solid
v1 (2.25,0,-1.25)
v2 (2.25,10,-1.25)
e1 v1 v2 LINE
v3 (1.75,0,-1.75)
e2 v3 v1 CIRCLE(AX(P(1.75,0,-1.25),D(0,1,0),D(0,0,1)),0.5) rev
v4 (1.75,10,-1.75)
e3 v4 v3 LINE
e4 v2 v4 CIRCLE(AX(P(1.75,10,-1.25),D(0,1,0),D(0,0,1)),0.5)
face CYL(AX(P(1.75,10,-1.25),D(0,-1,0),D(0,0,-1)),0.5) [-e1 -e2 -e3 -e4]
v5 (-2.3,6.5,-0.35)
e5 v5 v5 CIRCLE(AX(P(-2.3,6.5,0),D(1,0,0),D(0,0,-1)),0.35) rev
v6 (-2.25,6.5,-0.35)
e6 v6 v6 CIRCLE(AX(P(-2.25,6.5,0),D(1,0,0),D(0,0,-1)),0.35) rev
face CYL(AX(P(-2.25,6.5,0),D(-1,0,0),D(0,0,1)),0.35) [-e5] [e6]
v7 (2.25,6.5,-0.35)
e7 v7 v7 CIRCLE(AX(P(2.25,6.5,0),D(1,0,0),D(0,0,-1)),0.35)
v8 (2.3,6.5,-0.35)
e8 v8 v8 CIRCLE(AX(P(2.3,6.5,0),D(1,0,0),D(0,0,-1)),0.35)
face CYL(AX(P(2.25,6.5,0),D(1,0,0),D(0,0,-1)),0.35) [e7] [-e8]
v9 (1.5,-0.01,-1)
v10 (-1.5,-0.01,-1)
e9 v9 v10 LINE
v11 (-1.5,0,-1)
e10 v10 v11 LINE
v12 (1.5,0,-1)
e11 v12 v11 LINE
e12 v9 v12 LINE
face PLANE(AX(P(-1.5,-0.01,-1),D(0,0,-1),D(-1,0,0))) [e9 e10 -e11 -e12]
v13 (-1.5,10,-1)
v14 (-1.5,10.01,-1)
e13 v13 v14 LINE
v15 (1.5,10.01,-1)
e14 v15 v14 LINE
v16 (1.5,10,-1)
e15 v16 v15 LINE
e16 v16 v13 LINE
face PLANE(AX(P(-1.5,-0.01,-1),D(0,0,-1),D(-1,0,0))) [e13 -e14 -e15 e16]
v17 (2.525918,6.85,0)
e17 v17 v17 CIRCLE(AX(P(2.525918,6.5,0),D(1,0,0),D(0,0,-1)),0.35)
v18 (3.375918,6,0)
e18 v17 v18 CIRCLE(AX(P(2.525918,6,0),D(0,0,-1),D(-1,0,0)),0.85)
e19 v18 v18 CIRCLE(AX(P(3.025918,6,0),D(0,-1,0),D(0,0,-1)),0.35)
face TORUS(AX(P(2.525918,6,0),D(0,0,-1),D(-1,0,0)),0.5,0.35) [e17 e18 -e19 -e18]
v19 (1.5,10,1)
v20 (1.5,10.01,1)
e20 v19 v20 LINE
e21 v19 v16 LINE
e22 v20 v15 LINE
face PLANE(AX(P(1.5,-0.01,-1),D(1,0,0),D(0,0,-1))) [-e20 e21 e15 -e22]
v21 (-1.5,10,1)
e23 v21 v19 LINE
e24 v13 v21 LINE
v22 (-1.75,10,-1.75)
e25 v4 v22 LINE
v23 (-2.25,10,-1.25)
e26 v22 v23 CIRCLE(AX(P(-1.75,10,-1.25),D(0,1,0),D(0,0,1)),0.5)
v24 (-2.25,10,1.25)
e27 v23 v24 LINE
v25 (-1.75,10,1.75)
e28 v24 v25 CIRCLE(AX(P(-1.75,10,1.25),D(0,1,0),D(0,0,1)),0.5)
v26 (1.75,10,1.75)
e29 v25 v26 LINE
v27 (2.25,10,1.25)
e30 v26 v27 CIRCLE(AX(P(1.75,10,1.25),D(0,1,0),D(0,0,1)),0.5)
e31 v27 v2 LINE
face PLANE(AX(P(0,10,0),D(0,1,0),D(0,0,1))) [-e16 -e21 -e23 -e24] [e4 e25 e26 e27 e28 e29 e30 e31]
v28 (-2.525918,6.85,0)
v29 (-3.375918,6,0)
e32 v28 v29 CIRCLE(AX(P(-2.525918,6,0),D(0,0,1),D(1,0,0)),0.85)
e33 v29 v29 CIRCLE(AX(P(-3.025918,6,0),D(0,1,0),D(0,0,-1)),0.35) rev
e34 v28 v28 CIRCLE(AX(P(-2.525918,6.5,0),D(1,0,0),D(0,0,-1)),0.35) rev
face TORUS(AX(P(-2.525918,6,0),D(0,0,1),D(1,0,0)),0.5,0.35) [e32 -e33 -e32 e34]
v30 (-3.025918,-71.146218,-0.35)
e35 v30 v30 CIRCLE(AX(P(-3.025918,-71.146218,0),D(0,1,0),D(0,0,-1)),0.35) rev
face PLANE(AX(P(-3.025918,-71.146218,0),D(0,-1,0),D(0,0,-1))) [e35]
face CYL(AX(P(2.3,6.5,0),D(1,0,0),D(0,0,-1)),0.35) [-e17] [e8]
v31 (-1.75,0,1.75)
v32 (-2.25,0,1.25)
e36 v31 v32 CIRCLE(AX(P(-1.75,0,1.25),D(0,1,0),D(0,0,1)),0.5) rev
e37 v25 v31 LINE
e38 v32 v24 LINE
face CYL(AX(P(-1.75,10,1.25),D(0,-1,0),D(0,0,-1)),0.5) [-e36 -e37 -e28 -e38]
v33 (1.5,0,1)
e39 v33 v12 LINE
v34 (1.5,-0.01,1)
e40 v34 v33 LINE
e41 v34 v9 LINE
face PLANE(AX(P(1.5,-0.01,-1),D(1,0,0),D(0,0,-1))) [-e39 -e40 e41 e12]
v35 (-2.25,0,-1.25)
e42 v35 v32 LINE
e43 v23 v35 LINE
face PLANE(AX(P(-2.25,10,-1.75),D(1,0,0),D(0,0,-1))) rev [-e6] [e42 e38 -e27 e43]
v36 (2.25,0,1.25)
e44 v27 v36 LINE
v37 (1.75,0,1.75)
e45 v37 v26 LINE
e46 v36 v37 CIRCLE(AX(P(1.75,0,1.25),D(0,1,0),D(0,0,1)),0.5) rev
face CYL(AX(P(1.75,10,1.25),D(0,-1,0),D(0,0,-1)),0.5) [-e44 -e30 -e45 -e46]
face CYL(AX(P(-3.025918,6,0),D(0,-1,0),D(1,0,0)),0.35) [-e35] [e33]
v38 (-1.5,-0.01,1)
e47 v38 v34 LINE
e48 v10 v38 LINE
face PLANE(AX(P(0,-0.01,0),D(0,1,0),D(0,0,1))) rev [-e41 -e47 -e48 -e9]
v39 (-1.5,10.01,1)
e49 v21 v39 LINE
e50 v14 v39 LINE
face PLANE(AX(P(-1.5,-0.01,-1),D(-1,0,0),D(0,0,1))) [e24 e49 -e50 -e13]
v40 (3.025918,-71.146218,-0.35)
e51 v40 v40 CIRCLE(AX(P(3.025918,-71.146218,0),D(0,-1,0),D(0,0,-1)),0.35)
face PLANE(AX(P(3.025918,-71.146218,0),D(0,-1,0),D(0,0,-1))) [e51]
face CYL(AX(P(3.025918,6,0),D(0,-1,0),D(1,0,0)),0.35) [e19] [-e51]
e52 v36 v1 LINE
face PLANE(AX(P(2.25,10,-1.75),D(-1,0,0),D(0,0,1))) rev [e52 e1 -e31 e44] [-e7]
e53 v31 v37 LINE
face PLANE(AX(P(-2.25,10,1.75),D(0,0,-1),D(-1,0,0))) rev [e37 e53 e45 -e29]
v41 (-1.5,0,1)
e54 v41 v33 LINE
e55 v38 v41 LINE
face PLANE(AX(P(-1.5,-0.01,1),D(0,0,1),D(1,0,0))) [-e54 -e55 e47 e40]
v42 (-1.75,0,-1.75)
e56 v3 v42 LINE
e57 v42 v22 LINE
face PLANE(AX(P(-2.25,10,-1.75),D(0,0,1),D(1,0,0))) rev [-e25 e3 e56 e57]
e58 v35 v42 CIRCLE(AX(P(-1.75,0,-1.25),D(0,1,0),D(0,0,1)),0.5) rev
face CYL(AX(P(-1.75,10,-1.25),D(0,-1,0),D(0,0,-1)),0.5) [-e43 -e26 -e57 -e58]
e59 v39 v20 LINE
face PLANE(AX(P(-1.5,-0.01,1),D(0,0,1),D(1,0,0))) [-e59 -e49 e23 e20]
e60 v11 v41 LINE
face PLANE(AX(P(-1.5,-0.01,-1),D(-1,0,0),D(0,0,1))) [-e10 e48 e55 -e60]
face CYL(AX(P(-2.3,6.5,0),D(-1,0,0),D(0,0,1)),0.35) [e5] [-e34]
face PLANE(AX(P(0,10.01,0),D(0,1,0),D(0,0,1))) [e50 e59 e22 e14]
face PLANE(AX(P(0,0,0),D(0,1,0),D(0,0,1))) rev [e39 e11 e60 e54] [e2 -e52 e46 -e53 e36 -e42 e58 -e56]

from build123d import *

# Parameters (mm, degrees)
SKETCH1_W                = 4.5
SKETCH1_H                = 3.5
BOSS_EXTRUDE1_DEPTH      = 10
SKETCH2_W                = 3
SKETCH2_H                = 2
BOSS_EXTRUDE2_DEPTH      = 10.01
BOSS_EXTRUDE2_DEPTH_BACK = 0.01
FILLET2_R                = 0.5
SKETCH14_R               = 0.35


with BuildPart() as part:
    # Sketch1 → Boss-Extrude1 (new body)
    with BuildSketch(Plane(origin=(0, 0, 0), x_dir=(1, 0, 0), z_dir=(0, 1, 0))):
        Rectangle(SKETCH1_W, SKETCH1_H)
    extrude(amount=BOSS_EXTRUDE1_DEPTH)

    # Sketch2 → Boss-Extrude2 (add, two sides)
    with BuildSketch(Plane(origin=(0, 0, 0), x_dir=(1, 0, 0), z_dir=(0, 1, 0))) as boss_extrude2_sk:
        Rectangle(SKETCH2_W, SKETCH2_H)
    extrude(amount=BOSS_EXTRUDE2_DEPTH)
    extrude(boss_extrude2_sk.sketch, amount=-BOSS_EXTRUDE2_DEPTH_BACK)

    # Fillet2
    fillet2_edges = [part.edges().sort_by_distance(p)[0] for p in [
        (2.25, 5, 1.75),
        (-2.25, 5, 1.75),
        (-2.25, 5, -1.75),
        (2.25, 5, -1.75),
    ]]
    fillet(fillet2_edges, radius=FILLET2_R)

    # Sweep1: sweep along a path in Sketch15
    with BuildLine(Plane.XY) as sweep1_path:
        Line((2.25, 6.5), (2.3, 6.5))
        Line((2.3, 6.5), (2.525918375, 6.5))
        ThreePointArc((2.525918375, 6.5), (2.879471766, 6.353553391), (3.025918375, 6))
        Line((3.025918375, 6), (3.025918375, -71.146217922))
    # Sketch14 → Sweep1 (sweep)
    with BuildSketch(Plane(origin=(2.25, 0, 0), x_dir=(0, 0, -1), z_dir=(1, 0, 0))):
        with Locations((0, 6.5)):
            Circle(SKETCH14_R)
    sweep1 = sweep(path=sweep1_path.line)

    # Mirror1: Sweep1 across plane
    add(sweep1.mirror(Plane(origin=(0, 0, 0), x_dir=(0, 0, 1), z_dir=(1, 0, 0))))


solid = part.part
